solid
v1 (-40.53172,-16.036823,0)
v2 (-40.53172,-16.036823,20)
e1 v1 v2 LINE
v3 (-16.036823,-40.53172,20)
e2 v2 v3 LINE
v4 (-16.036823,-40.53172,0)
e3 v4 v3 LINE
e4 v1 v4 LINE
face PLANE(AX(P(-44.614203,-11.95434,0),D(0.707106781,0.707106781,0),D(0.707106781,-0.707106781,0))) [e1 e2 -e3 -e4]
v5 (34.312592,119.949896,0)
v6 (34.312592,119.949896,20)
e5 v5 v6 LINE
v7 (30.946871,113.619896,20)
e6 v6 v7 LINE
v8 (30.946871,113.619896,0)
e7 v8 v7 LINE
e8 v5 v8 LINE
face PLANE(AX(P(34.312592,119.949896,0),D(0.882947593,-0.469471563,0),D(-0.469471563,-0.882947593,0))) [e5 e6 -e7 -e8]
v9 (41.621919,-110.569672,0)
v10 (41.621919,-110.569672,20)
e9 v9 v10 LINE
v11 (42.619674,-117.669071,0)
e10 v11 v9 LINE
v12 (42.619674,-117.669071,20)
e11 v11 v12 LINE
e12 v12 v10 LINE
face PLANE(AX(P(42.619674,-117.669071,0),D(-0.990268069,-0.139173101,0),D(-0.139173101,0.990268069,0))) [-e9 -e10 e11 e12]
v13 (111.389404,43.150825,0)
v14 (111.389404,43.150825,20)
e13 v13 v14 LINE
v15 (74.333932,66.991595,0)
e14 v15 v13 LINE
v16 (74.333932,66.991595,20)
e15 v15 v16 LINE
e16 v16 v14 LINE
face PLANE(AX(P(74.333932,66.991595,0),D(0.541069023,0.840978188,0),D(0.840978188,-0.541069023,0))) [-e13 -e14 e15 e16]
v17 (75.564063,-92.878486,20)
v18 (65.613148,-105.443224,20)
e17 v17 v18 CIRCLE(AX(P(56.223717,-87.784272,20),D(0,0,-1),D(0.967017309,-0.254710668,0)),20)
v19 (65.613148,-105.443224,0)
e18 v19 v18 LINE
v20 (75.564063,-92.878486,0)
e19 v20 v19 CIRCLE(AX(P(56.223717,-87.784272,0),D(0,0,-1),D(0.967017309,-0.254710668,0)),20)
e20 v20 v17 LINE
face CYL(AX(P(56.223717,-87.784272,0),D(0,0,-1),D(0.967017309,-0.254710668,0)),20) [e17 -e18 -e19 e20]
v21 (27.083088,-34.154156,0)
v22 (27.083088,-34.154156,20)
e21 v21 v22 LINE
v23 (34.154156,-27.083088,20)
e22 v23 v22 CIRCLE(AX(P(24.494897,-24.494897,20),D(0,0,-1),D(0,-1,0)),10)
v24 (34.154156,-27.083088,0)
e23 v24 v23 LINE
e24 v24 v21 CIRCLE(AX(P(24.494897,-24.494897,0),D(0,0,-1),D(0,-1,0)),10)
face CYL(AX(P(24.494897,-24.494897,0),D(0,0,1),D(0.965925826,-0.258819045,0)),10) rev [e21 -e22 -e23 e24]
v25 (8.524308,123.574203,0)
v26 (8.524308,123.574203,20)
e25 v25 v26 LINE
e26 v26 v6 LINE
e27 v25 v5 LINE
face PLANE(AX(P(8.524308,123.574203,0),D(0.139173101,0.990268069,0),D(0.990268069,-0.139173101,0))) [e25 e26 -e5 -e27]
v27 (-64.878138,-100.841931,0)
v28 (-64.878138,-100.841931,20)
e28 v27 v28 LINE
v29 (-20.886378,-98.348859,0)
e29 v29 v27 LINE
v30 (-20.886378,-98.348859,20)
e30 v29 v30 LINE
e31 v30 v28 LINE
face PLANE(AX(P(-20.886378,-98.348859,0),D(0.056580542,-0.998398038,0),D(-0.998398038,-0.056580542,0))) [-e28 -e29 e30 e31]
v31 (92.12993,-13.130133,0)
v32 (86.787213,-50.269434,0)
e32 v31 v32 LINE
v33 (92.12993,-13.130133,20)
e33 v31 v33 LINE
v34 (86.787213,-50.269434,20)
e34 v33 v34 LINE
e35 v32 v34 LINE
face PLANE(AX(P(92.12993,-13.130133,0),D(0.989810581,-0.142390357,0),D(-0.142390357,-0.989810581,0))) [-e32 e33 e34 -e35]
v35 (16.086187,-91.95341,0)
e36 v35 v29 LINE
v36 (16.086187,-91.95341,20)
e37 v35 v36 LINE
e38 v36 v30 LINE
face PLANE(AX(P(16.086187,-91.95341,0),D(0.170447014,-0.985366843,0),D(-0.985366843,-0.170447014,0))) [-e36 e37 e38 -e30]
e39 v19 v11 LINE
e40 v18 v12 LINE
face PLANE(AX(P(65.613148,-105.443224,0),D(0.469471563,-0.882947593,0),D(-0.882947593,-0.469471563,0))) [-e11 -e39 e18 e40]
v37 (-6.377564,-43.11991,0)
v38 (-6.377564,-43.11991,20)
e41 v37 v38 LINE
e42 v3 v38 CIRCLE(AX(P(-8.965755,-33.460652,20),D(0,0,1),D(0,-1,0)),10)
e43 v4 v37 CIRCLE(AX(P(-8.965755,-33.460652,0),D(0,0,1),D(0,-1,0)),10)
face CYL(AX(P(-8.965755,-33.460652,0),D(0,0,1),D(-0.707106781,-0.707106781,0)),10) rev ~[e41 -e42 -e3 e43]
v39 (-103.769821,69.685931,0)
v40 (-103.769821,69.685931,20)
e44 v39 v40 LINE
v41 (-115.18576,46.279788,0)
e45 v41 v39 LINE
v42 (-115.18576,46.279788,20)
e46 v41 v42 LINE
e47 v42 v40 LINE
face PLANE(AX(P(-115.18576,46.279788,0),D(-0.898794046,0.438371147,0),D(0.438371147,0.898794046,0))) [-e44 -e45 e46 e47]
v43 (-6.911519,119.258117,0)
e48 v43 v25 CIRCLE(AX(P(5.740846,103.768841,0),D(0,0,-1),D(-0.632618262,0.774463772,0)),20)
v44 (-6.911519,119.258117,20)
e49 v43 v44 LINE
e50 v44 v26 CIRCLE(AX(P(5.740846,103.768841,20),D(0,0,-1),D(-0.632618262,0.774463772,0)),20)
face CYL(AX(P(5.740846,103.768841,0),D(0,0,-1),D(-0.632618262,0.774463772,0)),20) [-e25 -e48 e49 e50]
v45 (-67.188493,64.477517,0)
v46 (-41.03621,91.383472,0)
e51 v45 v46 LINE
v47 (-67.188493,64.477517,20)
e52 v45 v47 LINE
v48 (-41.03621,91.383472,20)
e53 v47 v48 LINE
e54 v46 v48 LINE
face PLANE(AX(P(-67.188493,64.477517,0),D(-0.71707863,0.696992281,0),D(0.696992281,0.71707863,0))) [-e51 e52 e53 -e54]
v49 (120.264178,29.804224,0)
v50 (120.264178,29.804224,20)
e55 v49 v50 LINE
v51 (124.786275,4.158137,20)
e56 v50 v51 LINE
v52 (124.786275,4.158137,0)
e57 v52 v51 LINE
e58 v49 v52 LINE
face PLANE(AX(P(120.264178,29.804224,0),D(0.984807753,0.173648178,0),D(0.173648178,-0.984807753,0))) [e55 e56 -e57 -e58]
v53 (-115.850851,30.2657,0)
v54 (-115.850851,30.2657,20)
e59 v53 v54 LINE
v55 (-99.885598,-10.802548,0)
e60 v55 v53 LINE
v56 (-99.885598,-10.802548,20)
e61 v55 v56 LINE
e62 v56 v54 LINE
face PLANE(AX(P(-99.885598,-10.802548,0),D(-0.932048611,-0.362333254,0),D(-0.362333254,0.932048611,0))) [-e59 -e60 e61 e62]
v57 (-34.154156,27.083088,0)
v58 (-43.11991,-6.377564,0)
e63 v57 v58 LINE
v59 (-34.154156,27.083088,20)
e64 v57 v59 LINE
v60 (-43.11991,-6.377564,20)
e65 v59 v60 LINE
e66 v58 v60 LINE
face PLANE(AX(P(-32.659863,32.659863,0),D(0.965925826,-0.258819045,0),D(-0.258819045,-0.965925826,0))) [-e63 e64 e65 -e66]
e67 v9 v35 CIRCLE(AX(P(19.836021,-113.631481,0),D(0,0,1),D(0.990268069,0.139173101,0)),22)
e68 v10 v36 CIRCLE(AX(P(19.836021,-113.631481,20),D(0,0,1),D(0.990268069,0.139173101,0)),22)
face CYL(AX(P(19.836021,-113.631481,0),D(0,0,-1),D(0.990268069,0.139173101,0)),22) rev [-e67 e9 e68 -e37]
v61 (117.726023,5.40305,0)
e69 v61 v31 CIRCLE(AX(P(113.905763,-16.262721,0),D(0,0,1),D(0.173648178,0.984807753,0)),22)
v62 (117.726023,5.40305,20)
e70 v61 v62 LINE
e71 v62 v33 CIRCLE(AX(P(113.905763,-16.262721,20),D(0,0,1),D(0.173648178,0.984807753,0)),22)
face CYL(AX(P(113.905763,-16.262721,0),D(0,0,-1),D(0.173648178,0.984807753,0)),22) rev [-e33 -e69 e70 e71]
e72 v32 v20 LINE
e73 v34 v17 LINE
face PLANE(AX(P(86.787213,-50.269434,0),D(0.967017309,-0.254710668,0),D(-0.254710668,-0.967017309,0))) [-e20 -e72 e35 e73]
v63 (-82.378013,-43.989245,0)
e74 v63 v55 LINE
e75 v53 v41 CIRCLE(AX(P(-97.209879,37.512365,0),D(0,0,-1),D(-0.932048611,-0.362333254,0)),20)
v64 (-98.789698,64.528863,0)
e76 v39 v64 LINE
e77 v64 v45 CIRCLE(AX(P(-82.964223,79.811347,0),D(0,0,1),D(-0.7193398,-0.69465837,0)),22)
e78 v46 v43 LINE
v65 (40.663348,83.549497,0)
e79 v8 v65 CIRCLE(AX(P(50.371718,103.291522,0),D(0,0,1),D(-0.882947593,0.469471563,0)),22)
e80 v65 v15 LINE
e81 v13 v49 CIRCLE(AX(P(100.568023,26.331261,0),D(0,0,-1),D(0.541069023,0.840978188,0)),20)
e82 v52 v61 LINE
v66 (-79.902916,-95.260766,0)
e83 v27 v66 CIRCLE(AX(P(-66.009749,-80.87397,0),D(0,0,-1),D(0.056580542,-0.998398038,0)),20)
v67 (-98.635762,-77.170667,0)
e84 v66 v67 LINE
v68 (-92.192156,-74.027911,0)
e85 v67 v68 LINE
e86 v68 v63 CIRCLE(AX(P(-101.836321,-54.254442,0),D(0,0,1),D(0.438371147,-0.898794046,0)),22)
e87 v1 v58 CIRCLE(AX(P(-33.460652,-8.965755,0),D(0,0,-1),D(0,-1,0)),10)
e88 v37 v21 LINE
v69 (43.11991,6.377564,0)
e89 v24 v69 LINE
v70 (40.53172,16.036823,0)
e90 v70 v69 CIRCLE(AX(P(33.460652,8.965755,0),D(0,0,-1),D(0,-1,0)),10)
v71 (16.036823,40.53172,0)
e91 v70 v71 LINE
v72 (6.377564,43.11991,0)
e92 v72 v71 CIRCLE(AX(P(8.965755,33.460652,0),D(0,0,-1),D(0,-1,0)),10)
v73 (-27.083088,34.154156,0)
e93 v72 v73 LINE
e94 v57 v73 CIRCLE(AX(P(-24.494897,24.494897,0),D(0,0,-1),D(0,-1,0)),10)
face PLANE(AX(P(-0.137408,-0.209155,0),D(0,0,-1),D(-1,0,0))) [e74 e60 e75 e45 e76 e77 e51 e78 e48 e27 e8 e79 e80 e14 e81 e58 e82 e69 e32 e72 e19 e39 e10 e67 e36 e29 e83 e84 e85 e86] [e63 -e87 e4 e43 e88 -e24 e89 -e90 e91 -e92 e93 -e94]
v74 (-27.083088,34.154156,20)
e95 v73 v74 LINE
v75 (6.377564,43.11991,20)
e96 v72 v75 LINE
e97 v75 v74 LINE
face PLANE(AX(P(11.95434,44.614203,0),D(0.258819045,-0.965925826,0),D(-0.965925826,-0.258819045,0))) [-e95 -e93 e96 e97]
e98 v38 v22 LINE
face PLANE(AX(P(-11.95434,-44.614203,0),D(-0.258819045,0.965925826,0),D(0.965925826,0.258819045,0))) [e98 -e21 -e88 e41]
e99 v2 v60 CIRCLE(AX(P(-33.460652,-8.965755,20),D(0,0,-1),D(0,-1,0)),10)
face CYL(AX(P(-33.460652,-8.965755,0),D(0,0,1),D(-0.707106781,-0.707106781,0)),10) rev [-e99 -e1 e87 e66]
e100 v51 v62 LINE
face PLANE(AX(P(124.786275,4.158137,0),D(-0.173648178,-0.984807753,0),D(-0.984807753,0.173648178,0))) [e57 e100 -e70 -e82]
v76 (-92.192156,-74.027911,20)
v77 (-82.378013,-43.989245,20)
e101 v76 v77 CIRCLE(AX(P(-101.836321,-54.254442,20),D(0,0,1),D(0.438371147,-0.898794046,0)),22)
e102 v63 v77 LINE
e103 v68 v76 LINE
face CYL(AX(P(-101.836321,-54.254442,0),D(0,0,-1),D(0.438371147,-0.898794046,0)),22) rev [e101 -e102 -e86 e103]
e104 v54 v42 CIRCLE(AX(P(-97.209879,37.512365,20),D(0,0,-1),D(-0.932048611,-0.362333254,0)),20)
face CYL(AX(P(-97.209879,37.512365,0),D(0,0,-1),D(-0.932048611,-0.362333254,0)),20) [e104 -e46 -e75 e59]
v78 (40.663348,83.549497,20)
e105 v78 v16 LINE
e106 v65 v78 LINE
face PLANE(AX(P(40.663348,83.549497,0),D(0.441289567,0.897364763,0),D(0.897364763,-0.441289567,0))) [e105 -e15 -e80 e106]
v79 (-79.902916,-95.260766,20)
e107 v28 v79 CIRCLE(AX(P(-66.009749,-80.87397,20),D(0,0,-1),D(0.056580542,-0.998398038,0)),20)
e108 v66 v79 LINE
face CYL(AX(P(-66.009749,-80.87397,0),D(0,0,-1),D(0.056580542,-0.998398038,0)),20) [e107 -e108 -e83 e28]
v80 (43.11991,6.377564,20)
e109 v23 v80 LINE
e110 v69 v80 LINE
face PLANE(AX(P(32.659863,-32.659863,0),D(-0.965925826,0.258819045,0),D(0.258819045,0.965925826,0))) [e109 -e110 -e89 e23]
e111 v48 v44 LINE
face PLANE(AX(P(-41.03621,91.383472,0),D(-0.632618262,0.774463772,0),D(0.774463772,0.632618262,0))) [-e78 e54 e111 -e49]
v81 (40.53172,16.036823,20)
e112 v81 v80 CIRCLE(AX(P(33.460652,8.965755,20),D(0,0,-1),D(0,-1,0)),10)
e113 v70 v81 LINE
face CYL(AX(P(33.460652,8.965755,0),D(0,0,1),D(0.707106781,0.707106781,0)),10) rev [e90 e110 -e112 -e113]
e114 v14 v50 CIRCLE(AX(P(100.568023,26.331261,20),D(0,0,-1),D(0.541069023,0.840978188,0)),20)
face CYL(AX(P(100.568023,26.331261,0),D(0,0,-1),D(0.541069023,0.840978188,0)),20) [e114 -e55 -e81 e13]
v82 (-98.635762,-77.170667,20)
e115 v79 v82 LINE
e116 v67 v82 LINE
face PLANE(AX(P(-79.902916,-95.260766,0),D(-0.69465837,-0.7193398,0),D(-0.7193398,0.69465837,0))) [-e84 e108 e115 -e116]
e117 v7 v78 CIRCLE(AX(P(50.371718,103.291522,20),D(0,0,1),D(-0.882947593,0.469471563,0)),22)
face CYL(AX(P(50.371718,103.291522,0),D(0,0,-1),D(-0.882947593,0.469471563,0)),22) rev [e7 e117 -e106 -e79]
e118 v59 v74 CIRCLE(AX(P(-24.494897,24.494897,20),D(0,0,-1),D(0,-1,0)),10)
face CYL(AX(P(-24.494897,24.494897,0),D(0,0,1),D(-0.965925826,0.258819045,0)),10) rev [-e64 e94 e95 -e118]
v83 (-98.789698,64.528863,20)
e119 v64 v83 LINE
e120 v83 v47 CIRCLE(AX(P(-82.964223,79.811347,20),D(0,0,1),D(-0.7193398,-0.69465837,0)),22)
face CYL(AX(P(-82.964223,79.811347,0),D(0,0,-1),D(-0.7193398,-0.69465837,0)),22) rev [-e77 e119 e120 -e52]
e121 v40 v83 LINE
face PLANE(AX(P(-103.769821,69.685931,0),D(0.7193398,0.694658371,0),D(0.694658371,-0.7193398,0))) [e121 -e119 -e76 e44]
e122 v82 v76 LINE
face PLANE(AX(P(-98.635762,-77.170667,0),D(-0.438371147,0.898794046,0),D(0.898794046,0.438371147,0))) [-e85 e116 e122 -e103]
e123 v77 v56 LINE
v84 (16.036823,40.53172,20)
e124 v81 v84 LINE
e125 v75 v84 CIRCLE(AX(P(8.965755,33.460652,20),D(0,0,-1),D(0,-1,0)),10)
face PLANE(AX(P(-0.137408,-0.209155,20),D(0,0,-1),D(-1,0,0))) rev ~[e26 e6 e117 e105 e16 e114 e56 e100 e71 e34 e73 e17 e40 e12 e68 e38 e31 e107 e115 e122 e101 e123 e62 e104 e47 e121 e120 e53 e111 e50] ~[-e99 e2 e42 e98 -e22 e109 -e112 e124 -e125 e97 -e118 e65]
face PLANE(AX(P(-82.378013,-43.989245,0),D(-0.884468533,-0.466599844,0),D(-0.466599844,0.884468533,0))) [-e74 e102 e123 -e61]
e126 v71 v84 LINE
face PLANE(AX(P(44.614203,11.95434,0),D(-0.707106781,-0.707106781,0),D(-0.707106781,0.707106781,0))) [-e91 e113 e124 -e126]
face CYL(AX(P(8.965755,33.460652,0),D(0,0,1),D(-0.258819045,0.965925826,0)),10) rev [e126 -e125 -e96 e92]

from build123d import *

# Parameters (mm, degrees)
BOSS_EXTRUDE1_DEPTH = 20
FILLET1_R           = 10


with BuildPart() as part:
    # Sketch2 → Boss-Extrude1 (new body)
    with BuildSketch(Plane.XY):
        with BuildLine():
            Line((8.524308176, 123.574202785), (34.312591702, 119.949895893))
            Line((34.312591702, 119.949895893), (30.946870999, 113.619895893))
            ThreePointArc((30.946870999, 113.619895893), (29.437456237, 96.527152904), (40.66334756, 83.549496728))
            Line((40.66334756, 83.549496728), (74.333931823, 66.991594994))
            Line((74.333931823, 66.991594994), (111.389403677, 43.150824518))
            ThreePointArc((111.389403677, 43.150824518), (117.222239734, 37.405423132), (120.264178278, 29.804224315))
            Line((120.264178278, 29.804224315), (124.786275456, 4.158136801))
            Line((124.786275456, 4.158136801), (117.726022813, 5.403049832))
            ThreePointArc((117.726022813, 5.403049832), (101.003423398, 1.556640514), (92.129930121, -13.130132886))
            Line((92.129930121, -13.130132886), (86.787212529, -50.269434484))
            Line((86.787212529, -50.269434484), (75.564062952, -92.878485691))
            ThreePointArc((75.564062952, -92.878485691), (71.902306992, -100.201269099), (65.613148031, -105.443224185))
            Line((65.613148031, -105.443224185), (42.619674262, -117.669071055))
            Line((42.619674262, -117.669071055), (41.621918861, -110.569672489))
            ThreePointArc((41.621918861, -110.569672489), (32.796198806, -95.854141193), (16.086187039, -91.953410163))
            Line((16.086187039, -91.953410163), (-20.886378289, -98.348859135))
            Line((-20.886378289, -98.348859135), (-64.878138042, -100.841930533))
            ThreePointArc((-64.878138042, -100.841930533), (-72.974063741, -99.622258186), (-79.902916283, -95.26076578))
            Line((-79.902916283, -95.26076578), (-98.635761771, -77.170667172))
            Line((-98.635761771, -77.170667172), (-92.192155877, -74.02791059))
            ThreePointArc((-92.192155877, -74.02791059), (-80.924151432, -61.086802768), (-82.37801338, -43.989245011))
            Line((-82.37801338, -43.989245011), (-99.885597812, -10.802548251))
            Line((-99.885597812, -10.802548251), (-115.850850987, 30.265700095))
            ThreePointArc((-115.850850987, 30.265700095), (-117.19265228, 38.342282469), (-115.185759692, 46.279788104))
            Line((-115.185759692, 46.279788104), (-103.76982114, 69.685930773))
            Line((-103.76982114, 69.685930773), (-98.789698287, 64.528862593))
            ThreePointArc((-98.789698287, 64.528862593), (-82.999968499, 57.811375783), (-67.188492831, 64.477516571))
            Line((-67.188492831, 64.477516571), (-41.036209743, 91.383472116))
            Line((-41.036209743, 91.383472116), (-6.911519091, 119.25811685))
            ThreePointArc((-6.911519091, 119.25811685), (0.355127803, 123.030046924), (8.524308176, 123.574202785))
        make_face()
        Polygon((-11.954339629, -44.614202866), (32.659863237, -32.659863237), (44.614202866, 11.954339629), (11.954339629, 44.614202866), (-32.659863237, 32.659863237), (-44.614202866, -11.954339629), align=None, mode=Mode.SUBTRACT)
    extrude(amount=BOSS_EXTRUDE1_DEPTH)

    # Fillet1
    fillet1_edges = [part.edges().sort_by_distance(p)[0] for p in [
        (-44.614202866, -11.954339629, 10),
        (-11.954339629, -44.614202866, 10),
        (32.659863237, -32.659863237, 10),
        (44.614202866, 11.954339629, 10),
        (11.954339629, 44.614202866, 10),
        (-32.659863237, 32.659863237, 10),
    ]]
    fillet(fillet1_edges, radius=FILLET1_R)


solid = part.part
